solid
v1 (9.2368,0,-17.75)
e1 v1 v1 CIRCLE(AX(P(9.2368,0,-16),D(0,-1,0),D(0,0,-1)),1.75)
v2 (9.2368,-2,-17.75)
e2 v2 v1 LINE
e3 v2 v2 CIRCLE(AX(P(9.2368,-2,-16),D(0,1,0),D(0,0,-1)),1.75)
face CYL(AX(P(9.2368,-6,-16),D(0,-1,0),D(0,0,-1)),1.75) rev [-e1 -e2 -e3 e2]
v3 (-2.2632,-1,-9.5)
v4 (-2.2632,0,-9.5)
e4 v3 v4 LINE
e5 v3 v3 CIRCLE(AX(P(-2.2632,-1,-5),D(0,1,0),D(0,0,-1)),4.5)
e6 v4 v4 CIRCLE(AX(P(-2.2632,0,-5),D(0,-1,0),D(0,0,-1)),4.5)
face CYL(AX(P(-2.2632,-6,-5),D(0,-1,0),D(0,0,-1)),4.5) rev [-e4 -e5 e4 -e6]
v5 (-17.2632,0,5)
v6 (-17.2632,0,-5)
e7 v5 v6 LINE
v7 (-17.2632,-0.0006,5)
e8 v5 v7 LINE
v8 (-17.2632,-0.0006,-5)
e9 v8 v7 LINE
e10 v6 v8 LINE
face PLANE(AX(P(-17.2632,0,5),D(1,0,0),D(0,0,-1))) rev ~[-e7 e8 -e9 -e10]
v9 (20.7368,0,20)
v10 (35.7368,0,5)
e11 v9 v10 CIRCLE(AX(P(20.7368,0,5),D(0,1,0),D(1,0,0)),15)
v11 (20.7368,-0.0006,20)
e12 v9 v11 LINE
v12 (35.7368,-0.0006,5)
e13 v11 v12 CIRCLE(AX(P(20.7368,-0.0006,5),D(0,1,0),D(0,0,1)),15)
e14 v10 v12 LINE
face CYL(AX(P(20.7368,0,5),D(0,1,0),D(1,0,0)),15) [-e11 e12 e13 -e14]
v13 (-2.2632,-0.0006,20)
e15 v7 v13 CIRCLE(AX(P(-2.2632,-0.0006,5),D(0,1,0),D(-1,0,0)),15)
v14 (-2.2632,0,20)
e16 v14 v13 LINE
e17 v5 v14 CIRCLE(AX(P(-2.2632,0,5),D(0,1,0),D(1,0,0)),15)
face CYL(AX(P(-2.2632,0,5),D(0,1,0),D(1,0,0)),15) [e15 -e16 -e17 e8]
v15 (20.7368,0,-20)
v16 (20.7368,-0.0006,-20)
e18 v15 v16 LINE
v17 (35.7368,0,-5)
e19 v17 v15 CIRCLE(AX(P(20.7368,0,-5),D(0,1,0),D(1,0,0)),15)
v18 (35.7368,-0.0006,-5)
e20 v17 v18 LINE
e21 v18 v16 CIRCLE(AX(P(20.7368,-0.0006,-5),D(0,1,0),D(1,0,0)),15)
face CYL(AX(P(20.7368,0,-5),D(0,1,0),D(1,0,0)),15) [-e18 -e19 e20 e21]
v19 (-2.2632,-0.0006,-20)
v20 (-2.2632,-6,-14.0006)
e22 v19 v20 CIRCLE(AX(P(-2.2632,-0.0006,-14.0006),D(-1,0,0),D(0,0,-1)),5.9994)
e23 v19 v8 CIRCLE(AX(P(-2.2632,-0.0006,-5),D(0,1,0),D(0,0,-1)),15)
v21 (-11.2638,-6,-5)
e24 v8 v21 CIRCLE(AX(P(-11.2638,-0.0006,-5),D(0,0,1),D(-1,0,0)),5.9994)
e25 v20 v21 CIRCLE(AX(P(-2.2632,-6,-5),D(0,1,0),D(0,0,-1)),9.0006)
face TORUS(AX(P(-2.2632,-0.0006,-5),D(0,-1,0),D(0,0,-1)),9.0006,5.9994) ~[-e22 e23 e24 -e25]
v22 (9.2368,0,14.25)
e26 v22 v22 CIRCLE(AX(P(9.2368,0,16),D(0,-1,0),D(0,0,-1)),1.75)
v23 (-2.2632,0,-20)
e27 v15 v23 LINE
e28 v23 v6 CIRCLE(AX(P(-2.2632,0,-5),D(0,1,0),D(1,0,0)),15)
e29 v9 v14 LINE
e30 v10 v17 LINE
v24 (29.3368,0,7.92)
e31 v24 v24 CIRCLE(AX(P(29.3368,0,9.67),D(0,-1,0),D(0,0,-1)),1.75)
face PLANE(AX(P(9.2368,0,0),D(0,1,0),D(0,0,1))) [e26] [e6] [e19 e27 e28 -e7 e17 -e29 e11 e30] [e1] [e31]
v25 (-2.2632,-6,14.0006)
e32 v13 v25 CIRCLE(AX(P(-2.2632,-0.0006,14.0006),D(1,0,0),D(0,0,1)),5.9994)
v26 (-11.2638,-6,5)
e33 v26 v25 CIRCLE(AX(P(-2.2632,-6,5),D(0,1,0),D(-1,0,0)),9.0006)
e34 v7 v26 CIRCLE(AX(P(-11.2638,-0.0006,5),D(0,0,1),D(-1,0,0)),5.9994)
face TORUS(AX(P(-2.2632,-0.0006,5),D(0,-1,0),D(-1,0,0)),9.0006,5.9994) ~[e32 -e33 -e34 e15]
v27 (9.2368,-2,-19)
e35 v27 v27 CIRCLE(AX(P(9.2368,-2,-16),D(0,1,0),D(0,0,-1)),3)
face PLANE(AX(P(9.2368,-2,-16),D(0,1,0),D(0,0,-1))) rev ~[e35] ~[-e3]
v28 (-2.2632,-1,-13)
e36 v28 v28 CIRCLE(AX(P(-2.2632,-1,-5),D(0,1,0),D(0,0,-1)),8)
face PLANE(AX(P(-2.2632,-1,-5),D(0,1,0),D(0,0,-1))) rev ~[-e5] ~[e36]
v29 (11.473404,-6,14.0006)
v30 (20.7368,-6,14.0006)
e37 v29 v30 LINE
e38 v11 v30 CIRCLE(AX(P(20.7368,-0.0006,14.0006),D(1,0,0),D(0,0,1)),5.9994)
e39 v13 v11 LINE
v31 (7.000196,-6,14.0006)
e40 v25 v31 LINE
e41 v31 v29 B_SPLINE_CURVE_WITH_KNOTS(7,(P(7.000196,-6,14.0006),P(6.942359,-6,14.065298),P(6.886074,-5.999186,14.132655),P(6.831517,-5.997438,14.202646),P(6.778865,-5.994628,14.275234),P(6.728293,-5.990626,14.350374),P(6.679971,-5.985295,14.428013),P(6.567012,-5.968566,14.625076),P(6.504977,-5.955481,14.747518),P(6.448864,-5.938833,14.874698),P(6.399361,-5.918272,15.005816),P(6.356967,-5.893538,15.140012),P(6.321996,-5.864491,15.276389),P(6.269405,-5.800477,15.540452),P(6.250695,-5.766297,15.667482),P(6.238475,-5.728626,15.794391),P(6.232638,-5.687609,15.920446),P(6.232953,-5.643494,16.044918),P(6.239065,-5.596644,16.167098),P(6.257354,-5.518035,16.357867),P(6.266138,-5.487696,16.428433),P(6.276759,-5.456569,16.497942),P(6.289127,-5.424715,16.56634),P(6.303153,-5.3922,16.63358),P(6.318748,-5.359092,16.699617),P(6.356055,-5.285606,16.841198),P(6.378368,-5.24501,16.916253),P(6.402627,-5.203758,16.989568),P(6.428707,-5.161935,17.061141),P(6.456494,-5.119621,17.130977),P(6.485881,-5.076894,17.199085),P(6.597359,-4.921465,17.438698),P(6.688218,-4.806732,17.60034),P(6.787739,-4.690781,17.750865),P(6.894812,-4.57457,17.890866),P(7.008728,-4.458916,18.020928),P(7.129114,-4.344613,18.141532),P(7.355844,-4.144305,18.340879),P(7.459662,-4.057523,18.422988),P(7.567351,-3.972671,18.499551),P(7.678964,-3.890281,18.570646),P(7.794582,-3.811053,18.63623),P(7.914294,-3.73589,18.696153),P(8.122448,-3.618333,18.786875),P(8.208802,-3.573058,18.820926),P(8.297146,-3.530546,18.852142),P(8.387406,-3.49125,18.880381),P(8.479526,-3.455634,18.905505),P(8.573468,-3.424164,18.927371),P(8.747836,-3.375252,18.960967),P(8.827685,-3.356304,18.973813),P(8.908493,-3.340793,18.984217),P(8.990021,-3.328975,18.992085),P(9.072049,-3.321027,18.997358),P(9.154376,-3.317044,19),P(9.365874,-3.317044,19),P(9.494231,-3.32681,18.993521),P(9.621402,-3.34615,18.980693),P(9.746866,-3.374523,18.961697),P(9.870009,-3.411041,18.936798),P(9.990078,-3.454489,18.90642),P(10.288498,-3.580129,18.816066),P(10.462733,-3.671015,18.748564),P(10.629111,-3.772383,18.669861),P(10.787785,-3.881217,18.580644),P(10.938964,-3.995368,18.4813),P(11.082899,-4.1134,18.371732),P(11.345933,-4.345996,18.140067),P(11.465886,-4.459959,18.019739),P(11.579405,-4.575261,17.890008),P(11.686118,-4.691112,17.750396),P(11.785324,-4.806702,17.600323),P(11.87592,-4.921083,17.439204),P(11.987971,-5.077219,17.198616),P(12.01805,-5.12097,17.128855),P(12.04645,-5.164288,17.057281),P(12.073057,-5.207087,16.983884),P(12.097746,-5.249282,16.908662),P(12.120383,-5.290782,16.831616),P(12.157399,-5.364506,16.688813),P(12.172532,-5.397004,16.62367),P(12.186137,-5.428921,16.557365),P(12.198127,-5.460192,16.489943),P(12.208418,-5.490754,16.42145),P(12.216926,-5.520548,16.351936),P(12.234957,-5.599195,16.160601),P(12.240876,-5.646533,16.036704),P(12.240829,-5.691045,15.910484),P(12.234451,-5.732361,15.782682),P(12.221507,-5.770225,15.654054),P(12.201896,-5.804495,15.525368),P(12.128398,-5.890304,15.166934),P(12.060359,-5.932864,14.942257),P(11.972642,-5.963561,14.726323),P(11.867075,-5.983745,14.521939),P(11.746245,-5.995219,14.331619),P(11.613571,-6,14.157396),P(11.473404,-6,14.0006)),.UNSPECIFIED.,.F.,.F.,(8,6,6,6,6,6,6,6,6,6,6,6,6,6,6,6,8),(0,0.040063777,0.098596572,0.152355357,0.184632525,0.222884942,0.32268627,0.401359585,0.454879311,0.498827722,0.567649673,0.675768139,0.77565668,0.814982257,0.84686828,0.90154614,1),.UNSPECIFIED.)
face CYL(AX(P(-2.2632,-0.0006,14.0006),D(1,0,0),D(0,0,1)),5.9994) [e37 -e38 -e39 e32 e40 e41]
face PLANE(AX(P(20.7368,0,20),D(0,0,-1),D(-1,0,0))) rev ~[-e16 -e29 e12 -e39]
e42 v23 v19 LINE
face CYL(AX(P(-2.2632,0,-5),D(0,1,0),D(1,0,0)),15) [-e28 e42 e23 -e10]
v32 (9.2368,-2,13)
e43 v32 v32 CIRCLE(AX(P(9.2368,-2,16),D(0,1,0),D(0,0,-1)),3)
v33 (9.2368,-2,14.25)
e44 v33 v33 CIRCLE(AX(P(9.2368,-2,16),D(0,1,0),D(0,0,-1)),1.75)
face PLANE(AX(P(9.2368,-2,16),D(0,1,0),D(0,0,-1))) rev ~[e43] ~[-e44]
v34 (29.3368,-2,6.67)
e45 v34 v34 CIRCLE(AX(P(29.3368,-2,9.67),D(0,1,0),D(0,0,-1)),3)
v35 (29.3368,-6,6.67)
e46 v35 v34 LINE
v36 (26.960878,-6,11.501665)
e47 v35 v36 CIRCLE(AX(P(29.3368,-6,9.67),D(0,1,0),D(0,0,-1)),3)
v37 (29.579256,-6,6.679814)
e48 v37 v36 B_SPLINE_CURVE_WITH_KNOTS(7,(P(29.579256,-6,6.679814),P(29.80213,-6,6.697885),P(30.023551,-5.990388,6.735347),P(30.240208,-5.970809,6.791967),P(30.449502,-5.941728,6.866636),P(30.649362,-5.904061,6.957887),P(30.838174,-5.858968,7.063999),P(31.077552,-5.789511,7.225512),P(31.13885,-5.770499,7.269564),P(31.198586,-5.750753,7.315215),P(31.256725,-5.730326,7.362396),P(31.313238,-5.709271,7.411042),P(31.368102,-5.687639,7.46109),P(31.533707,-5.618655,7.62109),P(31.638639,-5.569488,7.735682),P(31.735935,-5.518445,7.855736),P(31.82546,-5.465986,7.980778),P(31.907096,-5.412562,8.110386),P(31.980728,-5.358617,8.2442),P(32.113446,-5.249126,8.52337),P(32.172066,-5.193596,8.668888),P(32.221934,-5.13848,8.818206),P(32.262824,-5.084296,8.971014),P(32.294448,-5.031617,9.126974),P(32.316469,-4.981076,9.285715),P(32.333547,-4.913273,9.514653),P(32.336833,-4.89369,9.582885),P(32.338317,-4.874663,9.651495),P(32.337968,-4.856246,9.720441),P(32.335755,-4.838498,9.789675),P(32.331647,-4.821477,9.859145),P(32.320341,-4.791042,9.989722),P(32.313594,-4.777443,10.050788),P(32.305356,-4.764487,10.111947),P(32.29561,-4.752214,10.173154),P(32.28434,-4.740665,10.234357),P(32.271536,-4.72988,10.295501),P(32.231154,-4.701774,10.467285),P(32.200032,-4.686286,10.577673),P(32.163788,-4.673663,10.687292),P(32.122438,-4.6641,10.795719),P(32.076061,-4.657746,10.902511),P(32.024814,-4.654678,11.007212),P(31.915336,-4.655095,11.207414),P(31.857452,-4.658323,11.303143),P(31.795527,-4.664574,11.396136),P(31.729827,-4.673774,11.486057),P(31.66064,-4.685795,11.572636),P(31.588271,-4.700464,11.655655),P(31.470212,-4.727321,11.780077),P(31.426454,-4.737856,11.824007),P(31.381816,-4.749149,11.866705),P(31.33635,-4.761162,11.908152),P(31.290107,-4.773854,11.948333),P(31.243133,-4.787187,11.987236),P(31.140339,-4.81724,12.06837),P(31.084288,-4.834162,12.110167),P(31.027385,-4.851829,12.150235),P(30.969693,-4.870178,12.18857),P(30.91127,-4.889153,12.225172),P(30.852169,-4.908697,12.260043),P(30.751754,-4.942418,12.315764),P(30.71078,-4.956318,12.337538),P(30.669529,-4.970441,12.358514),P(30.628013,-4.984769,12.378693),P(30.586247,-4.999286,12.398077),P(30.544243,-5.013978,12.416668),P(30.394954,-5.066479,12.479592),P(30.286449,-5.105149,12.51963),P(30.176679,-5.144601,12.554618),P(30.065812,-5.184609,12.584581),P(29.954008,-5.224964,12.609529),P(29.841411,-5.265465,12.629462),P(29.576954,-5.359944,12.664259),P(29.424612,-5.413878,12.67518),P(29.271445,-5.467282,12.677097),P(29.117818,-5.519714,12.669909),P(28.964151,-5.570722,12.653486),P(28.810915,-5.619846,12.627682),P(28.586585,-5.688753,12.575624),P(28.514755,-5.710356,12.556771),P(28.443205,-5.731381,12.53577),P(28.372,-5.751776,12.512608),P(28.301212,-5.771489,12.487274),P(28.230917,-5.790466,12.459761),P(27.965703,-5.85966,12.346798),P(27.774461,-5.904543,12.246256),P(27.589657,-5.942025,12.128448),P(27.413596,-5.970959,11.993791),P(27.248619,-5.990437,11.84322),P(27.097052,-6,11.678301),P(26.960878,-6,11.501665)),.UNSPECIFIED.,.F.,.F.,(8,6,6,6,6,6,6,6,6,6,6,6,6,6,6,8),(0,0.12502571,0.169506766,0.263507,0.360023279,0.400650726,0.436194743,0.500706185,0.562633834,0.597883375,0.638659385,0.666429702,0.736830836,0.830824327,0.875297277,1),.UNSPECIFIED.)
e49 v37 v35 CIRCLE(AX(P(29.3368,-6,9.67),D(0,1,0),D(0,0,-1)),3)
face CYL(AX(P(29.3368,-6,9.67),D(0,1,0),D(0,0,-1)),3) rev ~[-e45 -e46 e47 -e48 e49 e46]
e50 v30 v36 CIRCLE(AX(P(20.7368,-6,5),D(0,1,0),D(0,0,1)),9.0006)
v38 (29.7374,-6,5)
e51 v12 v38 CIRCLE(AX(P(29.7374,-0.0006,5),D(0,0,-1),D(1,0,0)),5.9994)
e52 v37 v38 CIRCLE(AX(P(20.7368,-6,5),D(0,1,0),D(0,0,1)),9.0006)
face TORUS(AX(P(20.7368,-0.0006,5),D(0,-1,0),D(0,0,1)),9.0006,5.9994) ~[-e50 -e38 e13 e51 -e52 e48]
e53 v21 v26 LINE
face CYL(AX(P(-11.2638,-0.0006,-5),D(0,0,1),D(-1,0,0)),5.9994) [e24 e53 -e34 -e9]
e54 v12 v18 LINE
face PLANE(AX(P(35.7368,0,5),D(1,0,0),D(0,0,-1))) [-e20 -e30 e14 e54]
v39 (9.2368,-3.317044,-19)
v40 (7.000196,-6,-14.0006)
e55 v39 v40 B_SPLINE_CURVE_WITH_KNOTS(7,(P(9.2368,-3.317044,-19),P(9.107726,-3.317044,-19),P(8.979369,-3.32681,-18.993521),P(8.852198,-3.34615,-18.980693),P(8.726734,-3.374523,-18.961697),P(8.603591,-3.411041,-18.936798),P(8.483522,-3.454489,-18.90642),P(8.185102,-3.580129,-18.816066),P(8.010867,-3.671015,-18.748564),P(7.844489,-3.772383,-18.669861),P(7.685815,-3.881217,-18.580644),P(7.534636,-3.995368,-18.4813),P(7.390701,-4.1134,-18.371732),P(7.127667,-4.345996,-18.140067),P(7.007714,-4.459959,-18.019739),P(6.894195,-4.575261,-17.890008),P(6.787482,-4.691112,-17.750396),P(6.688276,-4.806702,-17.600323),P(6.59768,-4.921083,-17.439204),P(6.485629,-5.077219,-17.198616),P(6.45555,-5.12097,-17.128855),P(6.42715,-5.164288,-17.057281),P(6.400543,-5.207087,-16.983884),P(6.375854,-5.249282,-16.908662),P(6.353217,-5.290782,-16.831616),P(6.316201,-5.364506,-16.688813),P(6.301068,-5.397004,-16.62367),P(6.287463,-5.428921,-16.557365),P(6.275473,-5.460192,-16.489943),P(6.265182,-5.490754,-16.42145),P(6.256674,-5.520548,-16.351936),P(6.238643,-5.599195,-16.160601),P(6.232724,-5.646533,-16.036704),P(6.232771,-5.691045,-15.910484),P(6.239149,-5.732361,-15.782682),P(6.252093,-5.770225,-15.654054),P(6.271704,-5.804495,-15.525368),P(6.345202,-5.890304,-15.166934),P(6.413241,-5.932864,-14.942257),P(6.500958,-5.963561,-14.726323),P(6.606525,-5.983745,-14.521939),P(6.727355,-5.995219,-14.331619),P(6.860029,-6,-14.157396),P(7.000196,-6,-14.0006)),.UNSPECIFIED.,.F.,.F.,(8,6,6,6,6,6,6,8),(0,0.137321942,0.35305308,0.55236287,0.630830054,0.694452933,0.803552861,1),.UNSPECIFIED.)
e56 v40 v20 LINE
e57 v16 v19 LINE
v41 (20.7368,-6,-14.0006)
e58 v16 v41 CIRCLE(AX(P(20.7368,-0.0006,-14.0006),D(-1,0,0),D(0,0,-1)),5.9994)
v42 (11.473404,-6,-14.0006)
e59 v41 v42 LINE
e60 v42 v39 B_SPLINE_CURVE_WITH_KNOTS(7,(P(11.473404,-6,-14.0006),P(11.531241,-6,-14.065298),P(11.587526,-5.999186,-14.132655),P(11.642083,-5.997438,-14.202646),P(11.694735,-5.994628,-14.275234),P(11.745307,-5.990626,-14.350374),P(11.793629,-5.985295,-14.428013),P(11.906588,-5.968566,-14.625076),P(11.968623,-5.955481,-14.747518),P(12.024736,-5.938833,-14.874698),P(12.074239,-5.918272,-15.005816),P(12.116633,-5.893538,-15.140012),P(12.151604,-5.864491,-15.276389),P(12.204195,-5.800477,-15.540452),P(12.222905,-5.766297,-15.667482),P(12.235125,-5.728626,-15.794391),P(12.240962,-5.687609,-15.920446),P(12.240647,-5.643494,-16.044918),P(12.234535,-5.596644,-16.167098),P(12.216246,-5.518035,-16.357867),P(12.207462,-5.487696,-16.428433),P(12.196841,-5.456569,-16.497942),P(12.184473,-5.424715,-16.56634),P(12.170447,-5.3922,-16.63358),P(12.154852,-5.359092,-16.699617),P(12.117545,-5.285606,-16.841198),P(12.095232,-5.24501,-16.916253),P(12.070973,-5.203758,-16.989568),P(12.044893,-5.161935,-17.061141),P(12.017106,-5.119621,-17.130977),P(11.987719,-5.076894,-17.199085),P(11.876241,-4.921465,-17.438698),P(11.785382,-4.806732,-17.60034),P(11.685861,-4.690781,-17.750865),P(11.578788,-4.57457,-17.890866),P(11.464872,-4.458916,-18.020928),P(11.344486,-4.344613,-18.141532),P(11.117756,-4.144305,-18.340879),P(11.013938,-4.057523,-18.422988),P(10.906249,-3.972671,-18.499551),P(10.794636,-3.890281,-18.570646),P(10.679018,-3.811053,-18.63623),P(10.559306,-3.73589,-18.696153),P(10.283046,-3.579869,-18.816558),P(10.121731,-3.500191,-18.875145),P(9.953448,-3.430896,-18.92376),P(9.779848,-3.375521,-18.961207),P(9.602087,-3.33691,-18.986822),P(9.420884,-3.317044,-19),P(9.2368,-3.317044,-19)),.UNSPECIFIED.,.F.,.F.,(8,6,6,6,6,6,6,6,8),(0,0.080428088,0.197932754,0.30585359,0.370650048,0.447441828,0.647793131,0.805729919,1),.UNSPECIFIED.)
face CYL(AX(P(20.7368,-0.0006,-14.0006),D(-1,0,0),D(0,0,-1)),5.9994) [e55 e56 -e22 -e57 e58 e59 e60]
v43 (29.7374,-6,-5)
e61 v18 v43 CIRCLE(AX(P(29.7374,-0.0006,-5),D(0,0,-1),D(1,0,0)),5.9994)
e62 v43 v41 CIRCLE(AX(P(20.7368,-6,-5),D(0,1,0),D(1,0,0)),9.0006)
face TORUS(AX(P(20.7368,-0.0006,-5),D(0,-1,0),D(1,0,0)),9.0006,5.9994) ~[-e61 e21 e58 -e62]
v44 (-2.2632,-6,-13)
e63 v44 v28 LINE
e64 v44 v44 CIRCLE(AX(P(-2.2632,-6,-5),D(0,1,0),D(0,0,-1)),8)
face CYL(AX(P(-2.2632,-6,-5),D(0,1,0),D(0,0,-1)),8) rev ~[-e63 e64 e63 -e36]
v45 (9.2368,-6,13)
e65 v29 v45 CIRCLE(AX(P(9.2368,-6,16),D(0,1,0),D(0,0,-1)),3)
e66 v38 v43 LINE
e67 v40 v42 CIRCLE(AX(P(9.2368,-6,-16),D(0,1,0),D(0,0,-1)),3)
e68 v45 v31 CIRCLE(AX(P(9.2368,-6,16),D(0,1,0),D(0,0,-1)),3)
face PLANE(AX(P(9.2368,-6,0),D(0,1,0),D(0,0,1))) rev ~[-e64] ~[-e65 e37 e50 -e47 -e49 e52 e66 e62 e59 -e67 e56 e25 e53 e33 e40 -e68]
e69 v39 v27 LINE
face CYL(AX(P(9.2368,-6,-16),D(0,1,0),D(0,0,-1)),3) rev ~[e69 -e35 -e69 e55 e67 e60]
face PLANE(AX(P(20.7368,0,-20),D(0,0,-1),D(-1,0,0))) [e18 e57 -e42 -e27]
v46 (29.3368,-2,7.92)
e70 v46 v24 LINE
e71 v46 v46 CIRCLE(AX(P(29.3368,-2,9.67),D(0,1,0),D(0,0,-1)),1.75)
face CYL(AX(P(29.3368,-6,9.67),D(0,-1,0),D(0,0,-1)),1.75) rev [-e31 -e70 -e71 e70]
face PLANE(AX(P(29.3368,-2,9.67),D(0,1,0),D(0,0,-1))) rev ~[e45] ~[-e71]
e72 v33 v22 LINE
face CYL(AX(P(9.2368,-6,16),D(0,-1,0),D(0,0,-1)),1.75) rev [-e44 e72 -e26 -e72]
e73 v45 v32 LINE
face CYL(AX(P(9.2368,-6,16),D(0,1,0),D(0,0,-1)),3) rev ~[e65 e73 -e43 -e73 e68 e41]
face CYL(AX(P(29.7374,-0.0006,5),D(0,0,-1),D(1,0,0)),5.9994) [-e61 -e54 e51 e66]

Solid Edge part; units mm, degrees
sketch "Sketch1" plane through (0, 0, 0) normal (0, -1, 0) x (1, 0, 0)
  line L0 (35.7368, 5) -> (35.7368, -5)
  line L1 (20.7368, -20) -> (-2.2632, -20)
  line L2 (-17.2632, 5) -> (-17.2632, -5)
  line L3 (20.7368, 20) -> (-2.2632, 20)
  arc A0 (35.7368, -5) -> (20.7368, -20) centre (20.7368, -5) cw
  arc A1 (-2.2632, -20) -> (-17.2632, -5) centre (-2.2632, -5) cw
  arc A2 (-17.2632, 5) -> (-2.2632, 20) centre (-2.2632, 5) cw
  arc A3 (20.7368, 20) -> (35.7368, 5) centre (20.7368, 5) cw
extrude "Protrusion1" add sketch "Sketch1" along normal blind 6
fillet "Redondeo_1" radius 6 8 edges at (31.3434, -6, 15.6066) (35.7368, -6, 0) (31.3434, -6, -15.6066) (9.2368, -6, -20) (-12.8698, -6, -15.6066) (-17.2632, -6, 0) (-12.8698, -6, 15.6066) (9.2368, -6, 20)
hole "Agujero_1" at (-2.2632, -6, -5) direction (0, 1, 0) diameter 9 end up to next counterbore diameter 16 counterbore depth 5
hole "Agujero_2" at (9.2368, -6, 16) direction (0, 1, 0) diameter 3.5 end up to next counterbore diameter 6 counterbore depth 4
hole "Hole1" at (9.2368, -6, -16) direction (0, 1, 0) diameter 3.5 end up to next counterbore diameter 6 counterbore depth 4
hole "Hole2" at (29.3368, -6, 9.67) direction (0, 1, 0) diameter 3.5 end up to next counterbore diameter 6 counterbore depth 4
